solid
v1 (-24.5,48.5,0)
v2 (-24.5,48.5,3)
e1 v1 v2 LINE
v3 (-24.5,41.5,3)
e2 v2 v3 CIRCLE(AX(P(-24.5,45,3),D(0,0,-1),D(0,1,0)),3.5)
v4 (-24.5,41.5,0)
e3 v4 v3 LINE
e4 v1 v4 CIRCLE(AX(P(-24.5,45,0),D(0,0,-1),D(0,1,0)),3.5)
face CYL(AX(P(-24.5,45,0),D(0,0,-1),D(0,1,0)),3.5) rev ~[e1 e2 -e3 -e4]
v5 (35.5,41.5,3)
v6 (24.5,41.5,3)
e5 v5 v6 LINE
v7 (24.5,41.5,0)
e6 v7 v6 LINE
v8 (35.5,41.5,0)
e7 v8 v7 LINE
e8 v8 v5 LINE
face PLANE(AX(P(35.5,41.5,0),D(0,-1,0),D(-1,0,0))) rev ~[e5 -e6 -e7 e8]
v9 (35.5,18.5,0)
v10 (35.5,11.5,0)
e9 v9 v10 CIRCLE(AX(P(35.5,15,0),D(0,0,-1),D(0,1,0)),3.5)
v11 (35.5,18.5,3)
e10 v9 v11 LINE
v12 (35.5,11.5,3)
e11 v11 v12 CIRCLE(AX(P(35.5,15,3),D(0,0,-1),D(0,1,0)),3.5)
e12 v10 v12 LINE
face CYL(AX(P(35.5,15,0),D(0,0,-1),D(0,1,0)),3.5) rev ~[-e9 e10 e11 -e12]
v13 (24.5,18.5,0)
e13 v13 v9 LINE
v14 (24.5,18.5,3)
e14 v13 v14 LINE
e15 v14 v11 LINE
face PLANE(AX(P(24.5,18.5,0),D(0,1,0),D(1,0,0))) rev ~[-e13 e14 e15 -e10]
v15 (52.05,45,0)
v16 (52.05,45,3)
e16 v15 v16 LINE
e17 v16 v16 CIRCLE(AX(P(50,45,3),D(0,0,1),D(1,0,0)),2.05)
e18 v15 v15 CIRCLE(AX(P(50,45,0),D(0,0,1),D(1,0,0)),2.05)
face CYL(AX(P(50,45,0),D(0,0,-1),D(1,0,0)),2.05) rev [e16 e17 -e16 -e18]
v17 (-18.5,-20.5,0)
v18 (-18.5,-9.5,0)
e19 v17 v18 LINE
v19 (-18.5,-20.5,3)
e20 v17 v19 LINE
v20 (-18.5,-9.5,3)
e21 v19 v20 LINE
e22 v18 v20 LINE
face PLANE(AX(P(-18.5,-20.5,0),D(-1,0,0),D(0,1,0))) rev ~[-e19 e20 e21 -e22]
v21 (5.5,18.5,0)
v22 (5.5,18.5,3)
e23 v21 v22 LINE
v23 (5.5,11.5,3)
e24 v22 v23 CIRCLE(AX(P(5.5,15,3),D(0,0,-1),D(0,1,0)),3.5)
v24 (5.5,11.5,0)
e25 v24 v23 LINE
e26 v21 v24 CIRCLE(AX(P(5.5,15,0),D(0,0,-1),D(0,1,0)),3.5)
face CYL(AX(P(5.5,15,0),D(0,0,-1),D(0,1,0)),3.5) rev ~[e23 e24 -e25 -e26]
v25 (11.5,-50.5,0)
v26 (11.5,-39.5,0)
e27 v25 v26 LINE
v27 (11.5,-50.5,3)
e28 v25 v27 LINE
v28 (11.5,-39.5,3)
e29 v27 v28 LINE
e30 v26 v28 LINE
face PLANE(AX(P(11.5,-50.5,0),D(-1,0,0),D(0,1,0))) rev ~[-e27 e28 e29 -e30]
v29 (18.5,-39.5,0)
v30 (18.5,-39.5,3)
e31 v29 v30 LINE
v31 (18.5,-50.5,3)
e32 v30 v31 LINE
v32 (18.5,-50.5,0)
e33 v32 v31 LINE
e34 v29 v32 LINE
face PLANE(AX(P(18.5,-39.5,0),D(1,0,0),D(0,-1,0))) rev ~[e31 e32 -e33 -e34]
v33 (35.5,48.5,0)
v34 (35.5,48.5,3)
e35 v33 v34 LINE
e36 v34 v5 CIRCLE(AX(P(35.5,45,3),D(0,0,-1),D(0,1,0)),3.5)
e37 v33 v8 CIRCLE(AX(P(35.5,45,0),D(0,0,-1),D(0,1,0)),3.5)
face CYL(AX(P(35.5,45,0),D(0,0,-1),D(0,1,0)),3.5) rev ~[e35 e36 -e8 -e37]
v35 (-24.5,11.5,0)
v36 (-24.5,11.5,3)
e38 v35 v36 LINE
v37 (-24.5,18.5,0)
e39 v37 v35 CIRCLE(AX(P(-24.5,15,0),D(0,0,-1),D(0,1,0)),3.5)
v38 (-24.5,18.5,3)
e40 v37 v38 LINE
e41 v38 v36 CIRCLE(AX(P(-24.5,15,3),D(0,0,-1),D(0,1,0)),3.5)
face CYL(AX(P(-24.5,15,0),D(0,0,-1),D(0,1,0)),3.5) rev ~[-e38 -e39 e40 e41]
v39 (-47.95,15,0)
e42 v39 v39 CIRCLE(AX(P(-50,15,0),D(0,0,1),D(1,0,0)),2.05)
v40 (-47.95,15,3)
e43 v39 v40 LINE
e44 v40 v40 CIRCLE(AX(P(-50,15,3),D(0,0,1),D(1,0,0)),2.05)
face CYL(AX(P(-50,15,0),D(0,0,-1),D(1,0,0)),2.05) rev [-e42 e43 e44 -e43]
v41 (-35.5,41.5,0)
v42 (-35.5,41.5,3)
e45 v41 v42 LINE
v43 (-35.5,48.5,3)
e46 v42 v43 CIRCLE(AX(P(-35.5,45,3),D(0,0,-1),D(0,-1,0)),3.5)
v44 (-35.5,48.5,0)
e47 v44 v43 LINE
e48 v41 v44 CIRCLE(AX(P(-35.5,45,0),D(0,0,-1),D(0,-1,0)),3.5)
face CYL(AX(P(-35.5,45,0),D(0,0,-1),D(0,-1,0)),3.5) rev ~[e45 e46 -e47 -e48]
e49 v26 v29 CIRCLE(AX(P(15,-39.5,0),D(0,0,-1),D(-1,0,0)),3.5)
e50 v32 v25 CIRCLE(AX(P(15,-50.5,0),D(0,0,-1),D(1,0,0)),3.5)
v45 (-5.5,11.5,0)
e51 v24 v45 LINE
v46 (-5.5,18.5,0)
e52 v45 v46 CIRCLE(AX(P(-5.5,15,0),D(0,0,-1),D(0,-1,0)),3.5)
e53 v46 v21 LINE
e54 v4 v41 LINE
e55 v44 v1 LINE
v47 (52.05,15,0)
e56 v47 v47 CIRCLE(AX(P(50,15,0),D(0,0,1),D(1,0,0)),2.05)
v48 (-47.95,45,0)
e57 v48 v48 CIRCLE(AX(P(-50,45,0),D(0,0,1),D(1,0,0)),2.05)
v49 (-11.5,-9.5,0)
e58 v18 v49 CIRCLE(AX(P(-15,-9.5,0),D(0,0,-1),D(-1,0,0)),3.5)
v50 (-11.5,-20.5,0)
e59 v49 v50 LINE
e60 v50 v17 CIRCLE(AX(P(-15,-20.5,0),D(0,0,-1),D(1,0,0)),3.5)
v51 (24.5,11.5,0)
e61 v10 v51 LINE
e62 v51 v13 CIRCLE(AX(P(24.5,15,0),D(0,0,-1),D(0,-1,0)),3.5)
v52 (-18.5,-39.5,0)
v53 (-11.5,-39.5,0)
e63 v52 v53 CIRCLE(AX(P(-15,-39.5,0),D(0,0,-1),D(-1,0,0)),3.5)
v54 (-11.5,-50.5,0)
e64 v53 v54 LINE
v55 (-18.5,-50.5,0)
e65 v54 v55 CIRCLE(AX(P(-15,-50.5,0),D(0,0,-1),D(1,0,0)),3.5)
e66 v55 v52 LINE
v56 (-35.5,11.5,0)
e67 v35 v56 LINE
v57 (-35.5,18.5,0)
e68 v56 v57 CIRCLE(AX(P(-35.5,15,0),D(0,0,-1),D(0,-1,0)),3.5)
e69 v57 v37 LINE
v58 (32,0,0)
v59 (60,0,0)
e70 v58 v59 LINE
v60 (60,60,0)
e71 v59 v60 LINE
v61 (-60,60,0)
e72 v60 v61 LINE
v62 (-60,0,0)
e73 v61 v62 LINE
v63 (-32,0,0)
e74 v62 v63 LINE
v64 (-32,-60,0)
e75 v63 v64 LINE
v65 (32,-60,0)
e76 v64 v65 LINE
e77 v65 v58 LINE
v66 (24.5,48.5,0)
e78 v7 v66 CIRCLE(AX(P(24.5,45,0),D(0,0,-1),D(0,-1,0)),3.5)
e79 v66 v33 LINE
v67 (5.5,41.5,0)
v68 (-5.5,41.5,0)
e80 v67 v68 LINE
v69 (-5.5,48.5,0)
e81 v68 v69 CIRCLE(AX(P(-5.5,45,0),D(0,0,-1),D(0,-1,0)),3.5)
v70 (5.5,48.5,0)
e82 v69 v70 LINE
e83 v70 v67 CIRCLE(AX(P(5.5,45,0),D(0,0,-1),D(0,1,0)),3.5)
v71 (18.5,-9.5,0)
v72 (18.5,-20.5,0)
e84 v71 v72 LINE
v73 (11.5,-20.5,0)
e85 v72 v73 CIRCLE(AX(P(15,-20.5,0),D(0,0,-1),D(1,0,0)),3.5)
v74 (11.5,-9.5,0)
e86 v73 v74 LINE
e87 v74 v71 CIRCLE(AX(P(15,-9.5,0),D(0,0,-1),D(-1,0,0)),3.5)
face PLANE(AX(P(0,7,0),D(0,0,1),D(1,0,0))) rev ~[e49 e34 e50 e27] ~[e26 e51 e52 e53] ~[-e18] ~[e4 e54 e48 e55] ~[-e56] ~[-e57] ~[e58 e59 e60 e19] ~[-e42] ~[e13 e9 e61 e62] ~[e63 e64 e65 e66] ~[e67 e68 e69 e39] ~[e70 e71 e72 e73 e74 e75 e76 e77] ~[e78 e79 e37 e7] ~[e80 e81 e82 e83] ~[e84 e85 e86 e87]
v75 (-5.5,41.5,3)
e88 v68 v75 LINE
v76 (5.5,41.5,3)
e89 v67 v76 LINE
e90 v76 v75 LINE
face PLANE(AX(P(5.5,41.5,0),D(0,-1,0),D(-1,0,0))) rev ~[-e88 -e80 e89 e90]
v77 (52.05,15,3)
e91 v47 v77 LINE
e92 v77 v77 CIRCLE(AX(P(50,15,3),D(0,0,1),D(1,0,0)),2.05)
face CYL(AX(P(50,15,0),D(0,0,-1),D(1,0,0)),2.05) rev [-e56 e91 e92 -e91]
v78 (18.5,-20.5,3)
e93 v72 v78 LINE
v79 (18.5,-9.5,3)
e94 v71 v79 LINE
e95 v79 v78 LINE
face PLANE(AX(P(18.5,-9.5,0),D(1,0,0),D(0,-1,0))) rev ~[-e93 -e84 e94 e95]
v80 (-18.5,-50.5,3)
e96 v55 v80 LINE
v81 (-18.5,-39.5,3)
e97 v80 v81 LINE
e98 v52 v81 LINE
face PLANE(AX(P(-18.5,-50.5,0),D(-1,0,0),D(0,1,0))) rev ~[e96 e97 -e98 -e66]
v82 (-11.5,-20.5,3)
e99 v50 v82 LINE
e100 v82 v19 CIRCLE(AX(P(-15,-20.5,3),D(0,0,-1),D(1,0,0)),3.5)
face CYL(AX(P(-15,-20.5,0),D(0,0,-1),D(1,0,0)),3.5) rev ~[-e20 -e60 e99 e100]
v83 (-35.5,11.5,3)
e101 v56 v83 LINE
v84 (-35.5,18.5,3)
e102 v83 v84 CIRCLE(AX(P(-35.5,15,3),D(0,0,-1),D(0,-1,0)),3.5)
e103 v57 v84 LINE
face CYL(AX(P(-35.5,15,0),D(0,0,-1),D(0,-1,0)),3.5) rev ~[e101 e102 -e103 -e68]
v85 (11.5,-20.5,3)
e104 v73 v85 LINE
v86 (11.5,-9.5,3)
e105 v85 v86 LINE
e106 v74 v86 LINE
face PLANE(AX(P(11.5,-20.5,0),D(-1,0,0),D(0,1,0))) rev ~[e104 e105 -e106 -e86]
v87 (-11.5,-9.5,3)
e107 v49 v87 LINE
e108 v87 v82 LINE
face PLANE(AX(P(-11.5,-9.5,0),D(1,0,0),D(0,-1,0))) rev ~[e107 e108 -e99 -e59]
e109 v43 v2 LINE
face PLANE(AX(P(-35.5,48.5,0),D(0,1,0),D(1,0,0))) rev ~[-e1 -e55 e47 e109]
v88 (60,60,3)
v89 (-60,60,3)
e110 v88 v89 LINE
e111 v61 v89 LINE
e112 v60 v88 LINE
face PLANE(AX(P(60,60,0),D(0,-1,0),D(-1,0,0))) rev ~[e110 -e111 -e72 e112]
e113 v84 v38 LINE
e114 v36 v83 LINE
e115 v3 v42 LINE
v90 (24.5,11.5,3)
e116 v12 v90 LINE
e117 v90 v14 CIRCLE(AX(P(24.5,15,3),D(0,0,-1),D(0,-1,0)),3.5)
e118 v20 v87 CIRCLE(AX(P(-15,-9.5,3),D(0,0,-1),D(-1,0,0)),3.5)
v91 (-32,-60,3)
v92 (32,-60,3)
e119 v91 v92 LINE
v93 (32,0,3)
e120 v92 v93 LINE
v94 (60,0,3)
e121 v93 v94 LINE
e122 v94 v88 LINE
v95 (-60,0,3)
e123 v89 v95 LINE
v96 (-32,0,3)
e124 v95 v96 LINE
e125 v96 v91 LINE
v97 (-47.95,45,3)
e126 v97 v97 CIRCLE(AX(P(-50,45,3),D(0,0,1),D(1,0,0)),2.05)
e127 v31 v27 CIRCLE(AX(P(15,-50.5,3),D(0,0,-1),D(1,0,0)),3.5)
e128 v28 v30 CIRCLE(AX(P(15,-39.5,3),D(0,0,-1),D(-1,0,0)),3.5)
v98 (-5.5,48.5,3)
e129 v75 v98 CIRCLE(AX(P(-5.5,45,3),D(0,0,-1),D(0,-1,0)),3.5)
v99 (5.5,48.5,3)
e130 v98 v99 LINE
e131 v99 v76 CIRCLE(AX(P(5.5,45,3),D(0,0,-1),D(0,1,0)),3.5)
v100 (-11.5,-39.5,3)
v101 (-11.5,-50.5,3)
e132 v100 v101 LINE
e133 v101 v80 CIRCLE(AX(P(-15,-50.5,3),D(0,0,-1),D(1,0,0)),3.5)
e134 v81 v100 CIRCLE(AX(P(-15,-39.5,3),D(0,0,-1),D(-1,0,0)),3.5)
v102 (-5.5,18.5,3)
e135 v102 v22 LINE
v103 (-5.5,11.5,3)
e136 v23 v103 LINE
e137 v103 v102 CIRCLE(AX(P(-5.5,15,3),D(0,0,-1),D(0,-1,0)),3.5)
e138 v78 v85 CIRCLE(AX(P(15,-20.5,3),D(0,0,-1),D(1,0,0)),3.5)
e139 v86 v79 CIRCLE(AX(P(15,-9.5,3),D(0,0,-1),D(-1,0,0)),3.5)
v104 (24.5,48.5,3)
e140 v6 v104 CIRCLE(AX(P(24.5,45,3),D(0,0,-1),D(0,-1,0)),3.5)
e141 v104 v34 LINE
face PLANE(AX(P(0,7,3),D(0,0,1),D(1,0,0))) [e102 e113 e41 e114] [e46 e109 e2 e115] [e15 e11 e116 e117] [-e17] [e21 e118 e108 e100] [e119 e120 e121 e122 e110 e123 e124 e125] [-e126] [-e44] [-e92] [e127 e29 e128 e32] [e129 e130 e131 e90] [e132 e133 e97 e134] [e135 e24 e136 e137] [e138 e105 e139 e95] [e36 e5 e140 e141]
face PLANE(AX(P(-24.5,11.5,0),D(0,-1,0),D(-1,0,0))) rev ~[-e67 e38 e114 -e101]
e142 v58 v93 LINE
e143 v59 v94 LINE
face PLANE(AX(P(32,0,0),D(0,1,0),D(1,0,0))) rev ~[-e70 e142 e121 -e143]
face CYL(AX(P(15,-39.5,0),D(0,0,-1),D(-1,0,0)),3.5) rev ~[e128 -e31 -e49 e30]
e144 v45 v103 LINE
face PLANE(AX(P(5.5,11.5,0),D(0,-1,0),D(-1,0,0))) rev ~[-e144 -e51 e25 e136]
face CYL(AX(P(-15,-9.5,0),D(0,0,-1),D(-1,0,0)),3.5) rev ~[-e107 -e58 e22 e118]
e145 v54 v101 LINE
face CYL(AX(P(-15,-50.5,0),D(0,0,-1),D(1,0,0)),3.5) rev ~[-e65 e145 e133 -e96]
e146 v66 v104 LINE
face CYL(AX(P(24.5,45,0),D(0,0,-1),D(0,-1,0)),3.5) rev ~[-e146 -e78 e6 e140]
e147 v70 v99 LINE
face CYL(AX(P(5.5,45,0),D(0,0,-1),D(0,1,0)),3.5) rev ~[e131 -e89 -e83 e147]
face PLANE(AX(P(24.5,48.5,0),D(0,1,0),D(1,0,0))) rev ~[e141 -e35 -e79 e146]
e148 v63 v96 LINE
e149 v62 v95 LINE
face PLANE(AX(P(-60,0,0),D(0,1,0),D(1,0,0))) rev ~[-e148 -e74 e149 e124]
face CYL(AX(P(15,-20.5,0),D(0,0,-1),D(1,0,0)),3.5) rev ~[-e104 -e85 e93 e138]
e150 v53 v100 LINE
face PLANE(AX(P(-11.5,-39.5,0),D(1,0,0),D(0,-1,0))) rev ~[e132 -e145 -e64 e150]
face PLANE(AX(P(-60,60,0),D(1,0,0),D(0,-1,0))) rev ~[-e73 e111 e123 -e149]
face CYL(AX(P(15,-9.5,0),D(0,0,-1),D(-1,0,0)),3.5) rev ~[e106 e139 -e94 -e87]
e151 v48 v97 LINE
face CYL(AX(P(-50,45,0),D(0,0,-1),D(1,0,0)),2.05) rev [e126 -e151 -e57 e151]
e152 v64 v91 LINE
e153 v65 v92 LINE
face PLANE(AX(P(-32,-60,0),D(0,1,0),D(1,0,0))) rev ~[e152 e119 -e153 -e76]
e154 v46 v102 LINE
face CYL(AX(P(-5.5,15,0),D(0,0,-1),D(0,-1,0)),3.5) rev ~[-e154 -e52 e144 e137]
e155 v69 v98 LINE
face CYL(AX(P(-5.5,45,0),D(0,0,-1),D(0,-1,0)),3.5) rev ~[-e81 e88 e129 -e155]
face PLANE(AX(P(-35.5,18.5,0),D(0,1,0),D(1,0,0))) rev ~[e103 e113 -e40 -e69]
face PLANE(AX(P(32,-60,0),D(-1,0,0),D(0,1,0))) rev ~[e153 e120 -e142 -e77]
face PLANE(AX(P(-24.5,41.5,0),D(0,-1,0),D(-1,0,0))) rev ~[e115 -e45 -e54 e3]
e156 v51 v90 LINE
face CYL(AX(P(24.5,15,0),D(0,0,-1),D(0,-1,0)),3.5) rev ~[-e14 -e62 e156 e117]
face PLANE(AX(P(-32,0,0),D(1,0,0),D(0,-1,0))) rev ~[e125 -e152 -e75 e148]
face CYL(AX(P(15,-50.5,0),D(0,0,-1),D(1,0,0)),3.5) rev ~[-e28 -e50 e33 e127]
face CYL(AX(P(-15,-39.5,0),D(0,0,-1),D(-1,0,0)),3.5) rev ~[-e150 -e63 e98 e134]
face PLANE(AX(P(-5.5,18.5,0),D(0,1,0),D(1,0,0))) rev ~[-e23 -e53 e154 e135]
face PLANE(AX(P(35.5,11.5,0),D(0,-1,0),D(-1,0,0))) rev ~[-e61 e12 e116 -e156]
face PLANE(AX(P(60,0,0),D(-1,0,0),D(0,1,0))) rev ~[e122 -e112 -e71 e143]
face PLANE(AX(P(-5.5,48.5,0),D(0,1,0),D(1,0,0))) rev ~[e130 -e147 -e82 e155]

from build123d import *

# Parameters (mm, degrees)
F0_R     = 2.05
F1_DEPTH = 3


with BuildPart() as f1:
    # F0 (on Top) → F1 (new body)
    with BuildSketch(Plane.XY):
        Polygon((-32, -60), (32, -60), (32, 0), (60, 0), (60, 60), (-60, 60), (-60, 0), (-32, 0), align=None)
        with BuildLine():
            Line((-11.5, -39.5), (-11.5, -50.5))
            ThreePointArc((-11.5, -50.5), (-15, -54), (-18.5, -50.5))
            Line((-18.5, -50.5), (-18.5, -39.5))
            ThreePointArc((-18.5, -39.5), (-15, -36), (-11.5, -39.5))
        make_face(mode=Mode.SUBTRACT)
        with BuildLine():
            Line((-11.5, -9.5), (-11.5, -20.5))
            ThreePointArc((-11.5, -20.5), (-15, -24), (-18.5, -20.5))
            Line((-18.5, -20.5), (-18.5, -9.5))
            ThreePointArc((-18.5, -9.5), (-15, -6), (-11.5, -9.5))
        make_face(mode=Mode.SUBTRACT)
        with BuildLine():
            ThreePointArc((18.5, -50.5), (15, -54), (11.5, -50.5))
            Line((11.5, -50.5), (11.5, -39.5))
            ThreePointArc((11.5, -39.5), (15, -36), (18.5, -39.5))
            Line((18.5, -39.5), (18.5, -50.5))
        make_face(mode=Mode.SUBTRACT)
        with BuildLine():
            ThreePointArc((18.5, -20.5), (15, -24), (11.5, -20.5))
            Line((11.5, -20.5), (11.5, -9.5))
            ThreePointArc((11.5, -9.5), (15, -6), (18.5, -9.5))
            Line((18.5, -9.5), (18.5, -20.5))
        make_face(mode=Mode.SUBTRACT)
        with Locations((-50, 15)):
            Circle(F0_R, mode=Mode.SUBTRACT)
        with BuildLine():
            Line((-35.5, 18.5), (-24.5, 18.5))
            ThreePointArc((-24.5, 18.5), (-21, 15), (-24.5, 11.5))
            Line((-24.5, 11.5), (-35.5, 11.5))
            ThreePointArc((-35.5, 11.5), (-39, 15), (-35.5, 18.5))
        make_face(mode=Mode.SUBTRACT)
        with Locations((-50, 45)):
            Circle(F0_R, mode=Mode.SUBTRACT)
        with BuildLine():
            ThreePointArc((-24.5, 48.5), (-21, 45), (-24.5, 41.5))
            Line((-24.5, 41.5), (-35.5, 41.5))
            ThreePointArc((-35.5, 41.5), (-39, 45), (-35.5, 48.5))
            Line((-35.5, 48.5), (-24.5, 48.5))
        make_face(mode=Mode.SUBTRACT)
        with BuildLine():
            ThreePointArc((5.5, 18.5), (9, 15), (5.5, 11.5))
            Line((5.5, 11.5), (-5.5, 11.5))
            ThreePointArc((-5.5, 11.5), (-9, 15), (-5.5, 18.5))
            Line((-5.5, 18.5), (5.5, 18.5))
        make_face(mode=Mode.SUBTRACT)
        with BuildLine():
            ThreePointArc((35.5, 18.5), (39, 15), (35.5, 11.5))
            Line((35.5, 11.5), (24.5, 11.5))
            ThreePointArc((24.5, 11.5), (21, 15), (24.5, 18.5))
            Line((24.5, 18.5), (35.5, 18.5))
        make_face(mode=Mode.SUBTRACT)
        with Locations((50, 15)):
            Circle(F0_R, mode=Mode.SUBTRACT)
        with BuildLine():
            ThreePointArc((5.5, 48.5), (9, 45), (5.5, 41.5))
            Line((5.5, 41.5), (-5.5, 41.5))
            ThreePointArc((-5.5, 41.5), (-9, 45), (-5.5, 48.5))
            Line((-5.5, 48.5), (5.5, 48.5))
        make_face(mode=Mode.SUBTRACT)
        with BuildLine():
            ThreePointArc((35.5, 48.5), (39, 45), (35.5, 41.5))
            Line((35.5, 41.5), (24.5, 41.5))
            ThreePointArc((24.5, 41.5), (21, 45), (24.5, 48.5))
            Line((24.5, 48.5), (35.5, 48.5))
        make_face(mode=Mode.SUBTRACT)
        with Locations((50, 45)):
            Circle(F0_R, mode=Mode.SUBTRACT)
    extrude(amount=F1_DEPTH)


solid = f1.part
